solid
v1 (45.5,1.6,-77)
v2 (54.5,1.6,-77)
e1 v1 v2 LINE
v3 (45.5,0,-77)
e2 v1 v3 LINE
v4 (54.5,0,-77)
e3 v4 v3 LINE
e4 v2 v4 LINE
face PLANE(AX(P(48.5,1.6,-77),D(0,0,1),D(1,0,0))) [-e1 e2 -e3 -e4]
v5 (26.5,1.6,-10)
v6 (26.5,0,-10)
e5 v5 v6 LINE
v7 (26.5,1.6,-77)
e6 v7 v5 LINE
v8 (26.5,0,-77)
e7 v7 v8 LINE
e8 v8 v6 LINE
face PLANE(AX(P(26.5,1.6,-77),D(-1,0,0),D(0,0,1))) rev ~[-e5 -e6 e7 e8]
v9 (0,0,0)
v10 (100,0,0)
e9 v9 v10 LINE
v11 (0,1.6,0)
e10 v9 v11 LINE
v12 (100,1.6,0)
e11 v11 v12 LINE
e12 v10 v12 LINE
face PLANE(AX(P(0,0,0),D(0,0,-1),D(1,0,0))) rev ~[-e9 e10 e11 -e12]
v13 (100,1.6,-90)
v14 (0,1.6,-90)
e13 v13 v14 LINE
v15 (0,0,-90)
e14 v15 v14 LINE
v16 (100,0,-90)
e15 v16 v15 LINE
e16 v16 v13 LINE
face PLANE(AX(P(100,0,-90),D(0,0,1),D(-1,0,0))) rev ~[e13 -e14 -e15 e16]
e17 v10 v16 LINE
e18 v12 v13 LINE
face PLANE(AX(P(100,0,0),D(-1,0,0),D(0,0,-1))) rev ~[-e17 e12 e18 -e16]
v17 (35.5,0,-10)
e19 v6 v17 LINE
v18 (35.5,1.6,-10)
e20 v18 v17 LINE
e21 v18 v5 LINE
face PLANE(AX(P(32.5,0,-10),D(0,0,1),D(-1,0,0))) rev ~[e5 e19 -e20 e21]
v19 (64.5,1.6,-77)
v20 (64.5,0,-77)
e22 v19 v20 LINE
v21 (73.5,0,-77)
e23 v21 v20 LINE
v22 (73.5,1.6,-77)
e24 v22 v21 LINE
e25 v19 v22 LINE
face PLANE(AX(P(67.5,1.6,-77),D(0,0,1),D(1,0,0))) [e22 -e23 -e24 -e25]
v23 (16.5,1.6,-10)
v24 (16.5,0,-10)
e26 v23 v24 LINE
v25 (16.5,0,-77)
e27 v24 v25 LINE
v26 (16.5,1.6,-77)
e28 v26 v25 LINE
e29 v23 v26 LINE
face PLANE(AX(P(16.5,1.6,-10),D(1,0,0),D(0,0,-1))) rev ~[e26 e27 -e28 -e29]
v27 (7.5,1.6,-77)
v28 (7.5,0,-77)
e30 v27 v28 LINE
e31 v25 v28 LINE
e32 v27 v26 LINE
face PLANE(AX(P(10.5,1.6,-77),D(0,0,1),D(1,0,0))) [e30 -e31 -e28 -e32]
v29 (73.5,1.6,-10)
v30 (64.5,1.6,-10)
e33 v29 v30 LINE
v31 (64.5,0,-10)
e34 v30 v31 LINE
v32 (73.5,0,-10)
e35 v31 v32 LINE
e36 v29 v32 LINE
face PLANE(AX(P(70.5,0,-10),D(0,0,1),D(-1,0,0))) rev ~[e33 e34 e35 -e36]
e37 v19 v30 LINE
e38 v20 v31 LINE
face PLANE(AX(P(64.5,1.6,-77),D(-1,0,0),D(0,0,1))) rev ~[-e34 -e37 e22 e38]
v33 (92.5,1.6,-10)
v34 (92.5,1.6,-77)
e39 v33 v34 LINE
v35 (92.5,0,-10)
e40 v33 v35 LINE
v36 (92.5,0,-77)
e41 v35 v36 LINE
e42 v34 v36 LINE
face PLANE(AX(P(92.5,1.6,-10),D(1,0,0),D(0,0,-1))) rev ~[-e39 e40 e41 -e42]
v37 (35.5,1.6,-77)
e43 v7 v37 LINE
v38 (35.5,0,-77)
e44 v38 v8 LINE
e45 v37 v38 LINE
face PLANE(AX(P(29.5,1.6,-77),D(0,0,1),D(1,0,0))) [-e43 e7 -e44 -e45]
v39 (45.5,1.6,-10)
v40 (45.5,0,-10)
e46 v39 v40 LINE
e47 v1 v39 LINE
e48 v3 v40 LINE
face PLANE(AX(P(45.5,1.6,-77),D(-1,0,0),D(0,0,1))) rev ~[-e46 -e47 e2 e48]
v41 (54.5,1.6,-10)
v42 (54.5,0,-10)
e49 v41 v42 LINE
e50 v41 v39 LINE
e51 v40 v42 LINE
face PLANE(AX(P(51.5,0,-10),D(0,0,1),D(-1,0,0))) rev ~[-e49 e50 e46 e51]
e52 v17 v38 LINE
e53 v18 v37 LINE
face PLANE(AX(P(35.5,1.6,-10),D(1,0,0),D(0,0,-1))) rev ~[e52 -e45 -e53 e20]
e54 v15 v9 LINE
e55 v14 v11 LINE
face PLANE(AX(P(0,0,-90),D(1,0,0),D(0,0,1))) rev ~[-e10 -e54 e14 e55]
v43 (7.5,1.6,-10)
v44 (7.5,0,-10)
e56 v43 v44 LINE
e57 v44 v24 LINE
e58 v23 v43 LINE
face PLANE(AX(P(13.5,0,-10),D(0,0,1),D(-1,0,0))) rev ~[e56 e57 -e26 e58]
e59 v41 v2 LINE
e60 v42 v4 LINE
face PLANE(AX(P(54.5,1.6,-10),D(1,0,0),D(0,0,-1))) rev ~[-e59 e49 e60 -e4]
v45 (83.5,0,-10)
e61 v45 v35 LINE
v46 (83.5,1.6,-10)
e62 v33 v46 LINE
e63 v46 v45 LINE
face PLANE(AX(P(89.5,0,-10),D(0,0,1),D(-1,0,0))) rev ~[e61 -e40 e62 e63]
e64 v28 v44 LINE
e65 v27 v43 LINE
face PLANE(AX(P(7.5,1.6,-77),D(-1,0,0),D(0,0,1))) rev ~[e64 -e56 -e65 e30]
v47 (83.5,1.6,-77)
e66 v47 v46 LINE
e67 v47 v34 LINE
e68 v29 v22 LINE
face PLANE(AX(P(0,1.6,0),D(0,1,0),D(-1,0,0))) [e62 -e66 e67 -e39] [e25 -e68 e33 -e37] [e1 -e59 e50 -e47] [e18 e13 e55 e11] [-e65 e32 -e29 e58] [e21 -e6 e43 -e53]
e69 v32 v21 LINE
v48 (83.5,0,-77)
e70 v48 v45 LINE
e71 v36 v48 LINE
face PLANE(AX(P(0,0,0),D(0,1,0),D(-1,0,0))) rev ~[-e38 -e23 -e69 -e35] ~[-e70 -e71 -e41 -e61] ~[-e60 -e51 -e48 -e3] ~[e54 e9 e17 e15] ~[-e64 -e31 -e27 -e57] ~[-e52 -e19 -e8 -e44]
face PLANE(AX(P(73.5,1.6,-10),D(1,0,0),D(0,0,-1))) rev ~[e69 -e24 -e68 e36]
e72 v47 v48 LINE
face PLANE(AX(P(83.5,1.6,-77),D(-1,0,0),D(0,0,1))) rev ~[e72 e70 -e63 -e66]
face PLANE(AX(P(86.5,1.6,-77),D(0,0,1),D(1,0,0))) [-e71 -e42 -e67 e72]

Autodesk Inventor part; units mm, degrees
ref_plane "YZ Plane" through (0, 0, 0) normal (1, 0, 0) x (0, 1, 0)
ref_plane "XZ Plane" through (0, 0, 0) normal (0, 1, 0) x (-1, 0, 0)
ref_plane "XY Plane" through (0, 0, 0) normal (0, 0, 1) x (1, 0, 0)
sketch "Sketch1" plane through (0, 0, 0) normal (0, 1, 0) x (-1, 0, 0)
  line L0 (0, 0) -> (-100, 0)
  line L1 (-100, 0) -> (-100, -90)
  line L2 (-100, -90) -> (0, -90)
  line L3 (0, -90) -> (0, 0)
  line L4 (-10.5, -77) -> (-13.5, -77)
  line L5 (-13.5, -77) -> (-13.5, -10)
  line L6 (-13.5, -10) -> (-10.5, -10)
  line L7 (-10.5, -10) -> (-10.5, -77)
  line L8 (-29.5, -77) -> (-32.5, -77)
  line L9 (-32.5, -77) -> (-32.5, -10)
  line L10 (-32.5, -10) -> (-29.5, -10)
  line L11 (-29.5, -10) -> (-29.5, -77)
  line L12 (-48.5, -77) -> (-51.5, -77)
  line L13 (-51.5, -77) -> (-51.5, -10)
  line L14 (-51.5, -10) -> (-48.5, -10)
  line L15 (-48.5, -10) -> (-48.5, -77)
  line L16 (-67.5, -77) -> (-70.5, -77)
  line L17 (-70.5, -77) -> (-70.5, -10)
  line L18 (-70.5, -10) -> (-67.5, -10)
  line L19 (-67.5, -10) -> (-67.5, -77)
  line L20 (-86.5, -77) -> (-89.5, -77)
  line L21 (-89.5, -77) -> (-89.5, -10)
  line L22 (-89.5, -10) -> (-86.5, -10)
  line L23 (-86.5, -10) -> (-86.5, -77)
  point P0 (-10.5, -43.5)
  point P1 (-29.5, -43.5)
  point P2 (-48.5, -43.5)
  point P3 (-67.5, -43.5)
  point P4 (-86.5, -43.5)
  dimension "d1" = 90
  dimension "d2" = 3
  dimension "d3" = 67
  dimension "d4" = 10.5
  dimension "d7" = 19
  dimension "d12" = 10.5
  dimension "d26" = 10
extrude "Extrusion1" add sketch "Sketch1" along normal blind 1.6
sketch "Sketch2" plane through (0, 1.6, 0) normal (0, 1, 0) x (1, 0, 0)
  line L0 (100, 0) -> (100, 90) projected
  line L1 (100, 90) -> (0, 90) projected
  line L2 (0, 90) -> (0, 0) projected
  line L3 (0, 0) -> (100, 0) projected
  line L4 (86.5, 77) -> (89.5, 77) projected
  line L5 (89.5, 77) -> (89.5, 10) projected
  line L6 (89.5, 10) -> (86.5, 10) projected
  line L7 (86.5, 10) -> (86.5, 77) projected
  line L8 (67.5, 77) -> (70.5, 77) projected
  line L9 (70.5, 77) -> (70.5, 10) projected
  line L10 (70.5, 10) -> (67.5, 10) projected
  line L11 (67.5, 10) -> (67.5, 77) projected
  line L12 (48.5, 77) -> (51.5, 77) projected
  line L13 (51.5, 77) -> (51.5, 10) projected
  line L14 (51.5, 10) -> (48.5, 10) projected
  line L15 (48.5, 10) -> (48.5, 77) projected
  line L16 (29.5, 77) -> (32.5, 77) projected
  line L17 (32.5, 77) -> (32.5, 10) projected
  line L18 (32.5, 10) -> (29.5, 10) projected
  line L19 (29.5, 10) -> (29.5, 77) projected
  line L20 (10.5, 77) -> (13.5, 77) projected
  line L21 (13.5, 77) -> (13.5, 10) projected
  line L22 (13.5, 10) -> (10.5, 10) projected
  line L23 (10.5, 10) -> (10.5, 77) projected
  line L24 (7.5, 10) -> (16.5, 10)
  line L25 (16.5, 10) -> (16.5, 77)
  line L26 (16.5, 77) -> (7.5, 77)
  line L27 (7.5, 77) -> (7.5, 10)
  line L28 (35.5, 10) -> (35.5, 77)
  line L29 (26.5, 10) -> (35.5, 10)
  line L30 (26.5, 77) -> (26.5, 10)
  line L31 (35.5, 77) -> (26.5, 77)
  line L32 (54.5, 10) -> (54.5, 77)
  line L33 (45.5, 10) -> (54.5, 10)
  line L34 (45.5, 77) -> (45.5, 10)
  line L35 (54.5, 77) -> (45.5, 77)
  line L36 (73.5, 10) -> (73.5, 77)
  line L37 (64.5, 10) -> (73.5, 10)
  line L38 (64.5, 77) -> (64.5, 10)
  line L39 (73.5, 77) -> (64.5, 77)
  line L40 (92.5, 10) -> (92.5, 77)
  line L41 (83.5, 10) -> (92.5, 10)
  line L42 (83.5, 77) -> (83.5, 10)
  line L43 (92.5, 77) -> (83.5, 77)
  point P0 (12, 77)
  point P1 (12, 10)
  point P2 (31, 10)
  point P3 (31, 77)
  point P4 (50, 10)
  point P5 (50, 77)
  point P6 (69, 10)
  point P7 (69, 77)
  point P8 (88, 10)
  point P9 (88, 77)
  dimension "d15" = 9
  dimension "d18" = 19
extrude "Extrusion2" cut sketch "Sketch2" against normal blind 10 contours L4 L5 L6 L7 | L7 L41 L42 L43 | L43 L40 L41 L5 | L8 L9 L10 L11 | L11 L37 L38 L39 | L39 L36 L37 L9 | L12 L13 L14 L15 | L15 L33 L34 L35 | L35 L32 L33 L13 | L16 L17 L18 L19 | L19 L29 L30 L31 | L31 L28 L29 L17 | L20 L21 L22 L23 | L23 L24 L27 L26 | L26 L25 L24 L21
properties part number "TopPCB"
